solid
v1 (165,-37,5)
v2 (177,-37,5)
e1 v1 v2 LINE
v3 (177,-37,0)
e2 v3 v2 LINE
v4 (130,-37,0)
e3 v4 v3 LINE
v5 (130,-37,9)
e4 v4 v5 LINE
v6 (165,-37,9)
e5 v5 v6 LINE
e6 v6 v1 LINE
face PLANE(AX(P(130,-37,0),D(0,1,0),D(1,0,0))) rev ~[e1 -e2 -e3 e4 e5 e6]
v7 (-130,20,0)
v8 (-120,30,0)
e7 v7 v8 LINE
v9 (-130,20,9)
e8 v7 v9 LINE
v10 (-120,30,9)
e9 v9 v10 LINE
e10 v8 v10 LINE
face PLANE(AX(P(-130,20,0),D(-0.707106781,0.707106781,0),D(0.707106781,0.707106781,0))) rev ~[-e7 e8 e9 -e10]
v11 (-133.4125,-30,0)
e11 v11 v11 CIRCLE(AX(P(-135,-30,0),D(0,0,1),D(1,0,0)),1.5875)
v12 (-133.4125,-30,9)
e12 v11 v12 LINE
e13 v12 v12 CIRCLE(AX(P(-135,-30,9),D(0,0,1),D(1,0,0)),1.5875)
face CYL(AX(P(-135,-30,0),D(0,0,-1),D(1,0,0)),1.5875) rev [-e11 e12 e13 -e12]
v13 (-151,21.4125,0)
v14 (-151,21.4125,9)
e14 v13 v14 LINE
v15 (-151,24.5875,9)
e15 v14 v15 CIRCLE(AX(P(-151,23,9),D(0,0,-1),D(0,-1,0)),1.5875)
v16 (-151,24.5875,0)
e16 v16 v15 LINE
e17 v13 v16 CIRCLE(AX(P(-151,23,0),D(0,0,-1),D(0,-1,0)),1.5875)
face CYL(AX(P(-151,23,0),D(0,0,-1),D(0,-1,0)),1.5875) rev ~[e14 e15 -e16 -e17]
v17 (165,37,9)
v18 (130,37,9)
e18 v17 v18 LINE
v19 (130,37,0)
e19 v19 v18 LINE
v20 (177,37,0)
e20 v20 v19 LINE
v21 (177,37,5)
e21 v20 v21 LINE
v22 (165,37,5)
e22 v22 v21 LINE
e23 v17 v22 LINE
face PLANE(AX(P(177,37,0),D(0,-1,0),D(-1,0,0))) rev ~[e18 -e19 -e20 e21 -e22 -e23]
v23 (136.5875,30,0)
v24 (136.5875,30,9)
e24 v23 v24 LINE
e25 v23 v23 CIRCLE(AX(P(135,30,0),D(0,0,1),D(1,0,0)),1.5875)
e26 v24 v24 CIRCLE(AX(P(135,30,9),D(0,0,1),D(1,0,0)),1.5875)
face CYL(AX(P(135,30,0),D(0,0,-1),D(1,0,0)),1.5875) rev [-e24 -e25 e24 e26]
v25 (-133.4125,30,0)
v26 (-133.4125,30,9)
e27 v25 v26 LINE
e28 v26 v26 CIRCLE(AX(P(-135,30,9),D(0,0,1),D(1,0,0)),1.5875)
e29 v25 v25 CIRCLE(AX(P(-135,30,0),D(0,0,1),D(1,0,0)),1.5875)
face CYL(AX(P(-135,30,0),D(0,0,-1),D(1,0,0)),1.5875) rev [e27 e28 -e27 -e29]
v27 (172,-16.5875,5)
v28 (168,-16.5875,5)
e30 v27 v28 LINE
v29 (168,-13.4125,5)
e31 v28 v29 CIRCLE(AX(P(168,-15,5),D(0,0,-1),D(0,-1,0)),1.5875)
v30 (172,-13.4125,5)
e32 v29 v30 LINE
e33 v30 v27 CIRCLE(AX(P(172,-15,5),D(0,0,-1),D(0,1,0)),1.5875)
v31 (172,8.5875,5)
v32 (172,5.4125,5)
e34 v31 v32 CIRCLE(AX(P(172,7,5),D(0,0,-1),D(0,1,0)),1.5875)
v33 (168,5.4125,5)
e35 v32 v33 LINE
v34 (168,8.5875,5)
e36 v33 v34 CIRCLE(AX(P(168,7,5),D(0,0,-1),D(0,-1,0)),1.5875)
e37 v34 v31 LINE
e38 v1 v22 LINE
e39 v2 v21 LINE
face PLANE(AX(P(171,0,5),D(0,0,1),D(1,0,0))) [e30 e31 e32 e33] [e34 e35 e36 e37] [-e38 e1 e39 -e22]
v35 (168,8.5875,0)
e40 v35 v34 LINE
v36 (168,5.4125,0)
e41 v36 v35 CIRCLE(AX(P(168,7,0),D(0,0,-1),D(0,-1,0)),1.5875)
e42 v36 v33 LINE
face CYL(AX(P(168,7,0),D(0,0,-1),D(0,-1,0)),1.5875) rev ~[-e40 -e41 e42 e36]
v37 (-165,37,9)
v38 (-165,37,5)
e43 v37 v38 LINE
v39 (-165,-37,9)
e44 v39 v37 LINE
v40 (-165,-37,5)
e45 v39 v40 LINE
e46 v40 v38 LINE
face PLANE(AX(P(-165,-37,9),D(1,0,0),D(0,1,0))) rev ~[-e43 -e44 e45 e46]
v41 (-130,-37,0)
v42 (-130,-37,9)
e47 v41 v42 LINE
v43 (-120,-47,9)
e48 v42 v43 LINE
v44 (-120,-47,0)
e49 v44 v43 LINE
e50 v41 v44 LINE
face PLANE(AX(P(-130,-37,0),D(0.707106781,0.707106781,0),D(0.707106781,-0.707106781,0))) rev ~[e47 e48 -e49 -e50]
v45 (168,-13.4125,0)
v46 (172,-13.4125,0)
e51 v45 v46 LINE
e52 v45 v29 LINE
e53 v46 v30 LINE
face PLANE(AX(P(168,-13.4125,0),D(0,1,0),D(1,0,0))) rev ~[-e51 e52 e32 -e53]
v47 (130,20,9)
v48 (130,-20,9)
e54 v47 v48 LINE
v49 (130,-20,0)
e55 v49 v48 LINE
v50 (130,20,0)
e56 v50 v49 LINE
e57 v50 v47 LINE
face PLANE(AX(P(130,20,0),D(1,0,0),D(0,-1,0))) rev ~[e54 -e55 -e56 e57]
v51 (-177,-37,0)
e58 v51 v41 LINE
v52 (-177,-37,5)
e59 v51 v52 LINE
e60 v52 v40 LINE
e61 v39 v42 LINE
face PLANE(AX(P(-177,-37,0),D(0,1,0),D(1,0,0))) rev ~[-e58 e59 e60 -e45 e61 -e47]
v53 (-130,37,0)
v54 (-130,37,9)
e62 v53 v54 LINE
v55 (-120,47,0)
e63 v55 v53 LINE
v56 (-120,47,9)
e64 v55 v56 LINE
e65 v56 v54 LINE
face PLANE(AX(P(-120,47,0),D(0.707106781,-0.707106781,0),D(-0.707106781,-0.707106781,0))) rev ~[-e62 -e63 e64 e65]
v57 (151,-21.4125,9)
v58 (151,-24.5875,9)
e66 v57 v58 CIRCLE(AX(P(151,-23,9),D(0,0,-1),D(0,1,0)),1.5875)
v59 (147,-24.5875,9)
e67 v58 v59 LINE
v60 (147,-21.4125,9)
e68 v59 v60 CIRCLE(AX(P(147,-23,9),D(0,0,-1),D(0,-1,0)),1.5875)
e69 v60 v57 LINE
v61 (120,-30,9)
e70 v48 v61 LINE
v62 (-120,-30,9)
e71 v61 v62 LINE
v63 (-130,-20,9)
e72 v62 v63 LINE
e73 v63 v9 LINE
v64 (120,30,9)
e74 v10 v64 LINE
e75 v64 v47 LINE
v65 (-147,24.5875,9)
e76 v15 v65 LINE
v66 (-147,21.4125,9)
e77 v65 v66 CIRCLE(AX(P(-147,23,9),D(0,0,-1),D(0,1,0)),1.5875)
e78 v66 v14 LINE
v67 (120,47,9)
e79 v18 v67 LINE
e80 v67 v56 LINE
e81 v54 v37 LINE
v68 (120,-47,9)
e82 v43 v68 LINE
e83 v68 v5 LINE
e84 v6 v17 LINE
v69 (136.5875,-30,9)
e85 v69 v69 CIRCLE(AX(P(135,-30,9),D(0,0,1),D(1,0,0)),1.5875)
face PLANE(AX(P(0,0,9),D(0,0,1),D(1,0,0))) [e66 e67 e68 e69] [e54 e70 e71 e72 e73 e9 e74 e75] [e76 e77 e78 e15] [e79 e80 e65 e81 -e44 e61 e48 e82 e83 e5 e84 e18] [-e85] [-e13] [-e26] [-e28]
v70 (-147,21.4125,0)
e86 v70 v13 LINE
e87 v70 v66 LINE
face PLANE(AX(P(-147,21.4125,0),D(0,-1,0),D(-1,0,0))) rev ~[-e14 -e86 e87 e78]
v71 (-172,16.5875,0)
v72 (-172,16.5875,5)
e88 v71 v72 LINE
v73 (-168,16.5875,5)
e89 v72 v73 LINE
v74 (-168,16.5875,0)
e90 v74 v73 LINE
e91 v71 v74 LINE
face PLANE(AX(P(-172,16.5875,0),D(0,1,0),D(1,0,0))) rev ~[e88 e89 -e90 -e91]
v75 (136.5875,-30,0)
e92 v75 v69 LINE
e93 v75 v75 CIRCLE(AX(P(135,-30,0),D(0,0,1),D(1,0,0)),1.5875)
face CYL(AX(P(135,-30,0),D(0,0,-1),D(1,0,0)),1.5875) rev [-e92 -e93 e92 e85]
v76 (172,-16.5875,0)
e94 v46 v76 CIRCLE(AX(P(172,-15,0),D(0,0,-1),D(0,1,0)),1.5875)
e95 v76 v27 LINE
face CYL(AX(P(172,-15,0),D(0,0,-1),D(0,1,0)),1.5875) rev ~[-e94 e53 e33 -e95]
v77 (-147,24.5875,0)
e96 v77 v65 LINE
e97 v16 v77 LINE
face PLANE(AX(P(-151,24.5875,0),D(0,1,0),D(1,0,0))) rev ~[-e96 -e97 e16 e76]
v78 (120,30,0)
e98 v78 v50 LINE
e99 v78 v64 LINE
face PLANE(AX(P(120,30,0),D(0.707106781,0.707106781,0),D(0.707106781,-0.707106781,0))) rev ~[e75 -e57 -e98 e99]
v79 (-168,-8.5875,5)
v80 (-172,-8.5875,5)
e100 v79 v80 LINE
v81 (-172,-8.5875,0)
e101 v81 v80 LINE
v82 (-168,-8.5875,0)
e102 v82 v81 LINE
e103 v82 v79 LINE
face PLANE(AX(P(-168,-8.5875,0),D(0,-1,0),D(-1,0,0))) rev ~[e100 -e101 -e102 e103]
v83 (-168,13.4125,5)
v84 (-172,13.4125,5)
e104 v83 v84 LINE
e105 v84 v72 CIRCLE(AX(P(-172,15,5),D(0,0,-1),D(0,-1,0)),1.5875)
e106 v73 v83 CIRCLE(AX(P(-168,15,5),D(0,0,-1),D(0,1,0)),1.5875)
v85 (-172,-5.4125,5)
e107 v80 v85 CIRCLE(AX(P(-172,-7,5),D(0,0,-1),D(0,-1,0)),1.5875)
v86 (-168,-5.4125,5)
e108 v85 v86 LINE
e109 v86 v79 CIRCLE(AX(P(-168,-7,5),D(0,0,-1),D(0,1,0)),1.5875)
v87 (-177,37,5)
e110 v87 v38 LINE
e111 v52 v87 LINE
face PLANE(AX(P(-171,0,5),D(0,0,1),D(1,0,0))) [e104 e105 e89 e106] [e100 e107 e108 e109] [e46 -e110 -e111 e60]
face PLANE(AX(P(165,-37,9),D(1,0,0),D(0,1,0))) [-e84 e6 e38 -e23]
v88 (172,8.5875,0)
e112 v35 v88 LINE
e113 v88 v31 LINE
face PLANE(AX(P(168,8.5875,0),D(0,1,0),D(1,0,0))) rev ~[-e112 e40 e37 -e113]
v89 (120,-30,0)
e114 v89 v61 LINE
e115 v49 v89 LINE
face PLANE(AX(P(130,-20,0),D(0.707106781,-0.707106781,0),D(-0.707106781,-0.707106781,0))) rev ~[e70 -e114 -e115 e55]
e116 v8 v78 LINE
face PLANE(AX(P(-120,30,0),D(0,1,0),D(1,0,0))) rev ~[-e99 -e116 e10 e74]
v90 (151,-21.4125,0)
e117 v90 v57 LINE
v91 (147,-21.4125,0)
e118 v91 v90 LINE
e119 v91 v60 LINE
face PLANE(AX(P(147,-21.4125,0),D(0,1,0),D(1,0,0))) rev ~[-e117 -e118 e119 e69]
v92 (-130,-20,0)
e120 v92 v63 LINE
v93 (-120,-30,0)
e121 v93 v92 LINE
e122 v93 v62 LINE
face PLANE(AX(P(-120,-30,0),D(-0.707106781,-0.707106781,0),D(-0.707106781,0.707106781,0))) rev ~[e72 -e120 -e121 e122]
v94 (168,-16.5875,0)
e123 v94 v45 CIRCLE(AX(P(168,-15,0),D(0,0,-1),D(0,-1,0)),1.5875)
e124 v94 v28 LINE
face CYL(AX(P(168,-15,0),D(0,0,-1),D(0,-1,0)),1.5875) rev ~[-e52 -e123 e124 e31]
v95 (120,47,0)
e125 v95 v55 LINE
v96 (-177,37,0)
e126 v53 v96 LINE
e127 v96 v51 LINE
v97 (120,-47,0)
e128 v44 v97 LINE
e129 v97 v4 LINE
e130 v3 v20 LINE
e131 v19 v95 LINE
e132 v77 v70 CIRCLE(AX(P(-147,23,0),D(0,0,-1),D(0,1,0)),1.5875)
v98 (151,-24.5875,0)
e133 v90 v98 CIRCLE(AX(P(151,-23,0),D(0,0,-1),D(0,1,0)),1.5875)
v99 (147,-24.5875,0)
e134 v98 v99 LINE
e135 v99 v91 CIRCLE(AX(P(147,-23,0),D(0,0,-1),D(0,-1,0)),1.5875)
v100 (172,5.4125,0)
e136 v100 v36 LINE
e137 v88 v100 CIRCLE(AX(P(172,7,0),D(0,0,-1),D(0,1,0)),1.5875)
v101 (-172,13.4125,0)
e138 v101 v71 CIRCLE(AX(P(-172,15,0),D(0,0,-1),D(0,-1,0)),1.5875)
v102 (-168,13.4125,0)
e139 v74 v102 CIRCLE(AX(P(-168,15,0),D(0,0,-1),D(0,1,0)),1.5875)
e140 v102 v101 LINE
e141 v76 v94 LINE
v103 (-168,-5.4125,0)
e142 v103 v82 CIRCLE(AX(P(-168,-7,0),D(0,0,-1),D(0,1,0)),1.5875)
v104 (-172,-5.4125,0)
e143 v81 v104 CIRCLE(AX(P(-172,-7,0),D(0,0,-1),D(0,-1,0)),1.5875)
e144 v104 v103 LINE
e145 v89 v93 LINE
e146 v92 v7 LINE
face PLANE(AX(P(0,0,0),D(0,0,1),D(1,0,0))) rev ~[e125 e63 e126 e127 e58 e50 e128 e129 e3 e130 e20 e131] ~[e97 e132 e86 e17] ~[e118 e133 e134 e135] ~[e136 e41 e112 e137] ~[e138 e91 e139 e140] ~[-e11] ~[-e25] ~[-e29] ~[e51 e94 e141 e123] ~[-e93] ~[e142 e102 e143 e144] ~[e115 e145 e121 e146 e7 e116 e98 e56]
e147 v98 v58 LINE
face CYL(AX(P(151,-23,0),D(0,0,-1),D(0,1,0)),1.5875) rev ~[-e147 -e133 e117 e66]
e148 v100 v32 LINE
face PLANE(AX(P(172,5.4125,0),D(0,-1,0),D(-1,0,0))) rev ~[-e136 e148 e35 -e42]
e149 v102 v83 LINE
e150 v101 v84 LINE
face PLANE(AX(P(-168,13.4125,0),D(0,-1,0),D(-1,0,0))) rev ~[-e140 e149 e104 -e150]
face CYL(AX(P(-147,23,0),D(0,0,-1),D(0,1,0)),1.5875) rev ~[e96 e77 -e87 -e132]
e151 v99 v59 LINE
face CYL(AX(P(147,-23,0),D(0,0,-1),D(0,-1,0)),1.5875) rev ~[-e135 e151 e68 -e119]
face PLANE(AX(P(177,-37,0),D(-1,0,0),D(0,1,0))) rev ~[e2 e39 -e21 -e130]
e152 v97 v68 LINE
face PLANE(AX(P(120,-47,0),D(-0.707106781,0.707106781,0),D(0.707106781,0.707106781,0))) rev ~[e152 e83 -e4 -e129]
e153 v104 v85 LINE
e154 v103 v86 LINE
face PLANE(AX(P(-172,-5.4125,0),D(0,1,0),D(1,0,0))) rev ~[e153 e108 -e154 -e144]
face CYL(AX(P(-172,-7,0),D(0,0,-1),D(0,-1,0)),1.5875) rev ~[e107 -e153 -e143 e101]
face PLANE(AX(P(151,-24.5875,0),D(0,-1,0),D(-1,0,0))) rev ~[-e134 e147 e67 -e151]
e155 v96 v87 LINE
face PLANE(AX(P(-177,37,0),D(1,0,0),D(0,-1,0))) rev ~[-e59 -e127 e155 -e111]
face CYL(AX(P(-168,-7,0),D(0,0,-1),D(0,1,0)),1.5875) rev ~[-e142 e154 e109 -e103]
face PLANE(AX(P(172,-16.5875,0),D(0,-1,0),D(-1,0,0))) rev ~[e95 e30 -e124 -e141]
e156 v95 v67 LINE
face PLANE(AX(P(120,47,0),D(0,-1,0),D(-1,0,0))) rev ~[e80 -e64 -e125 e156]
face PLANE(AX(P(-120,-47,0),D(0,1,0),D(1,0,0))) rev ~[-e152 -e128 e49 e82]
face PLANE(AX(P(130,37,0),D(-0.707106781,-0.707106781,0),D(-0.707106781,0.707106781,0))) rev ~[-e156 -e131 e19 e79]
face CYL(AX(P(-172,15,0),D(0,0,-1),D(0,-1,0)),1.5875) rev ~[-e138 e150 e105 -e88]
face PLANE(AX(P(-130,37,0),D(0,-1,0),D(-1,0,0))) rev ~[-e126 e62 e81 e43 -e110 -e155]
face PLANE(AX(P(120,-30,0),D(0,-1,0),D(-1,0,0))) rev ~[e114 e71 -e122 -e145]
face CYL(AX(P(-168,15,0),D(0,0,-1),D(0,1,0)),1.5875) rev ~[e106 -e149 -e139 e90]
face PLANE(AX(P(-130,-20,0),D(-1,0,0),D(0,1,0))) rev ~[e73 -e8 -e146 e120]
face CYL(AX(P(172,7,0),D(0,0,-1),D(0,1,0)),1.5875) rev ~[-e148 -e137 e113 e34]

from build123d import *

# Parameters (mm, degrees)
F0_R     = 1.5875
F1_DEPTH = 9
F3_W     = 12
F3_H     = 74
F4_DEPTH = 4


with BuildPart() as f1:
    # F0 (on Top) → F1 (new body)
    with BuildSketch(Plane.XY):
        Polygon((177, -37), (177, 37), (130, 37), (120, 47), (-120, 47), (-130, 37), (-177, 37), (-177, -37), (-130, -37), (-120, -47), (120, -47), (130, -37), align=None)
        with Locations((-135, -30)):
            Circle(F0_R, mode=Mode.SUBTRACT)
        with BuildLine():
            Line((-168, -8.5875), (-172, -8.5875))
            ThreePointArc((-172, -8.5875), (-173.5875, -7), (-172, -5.4125))
            Line((-172, -5.4125), (-168, -5.4125))
            ThreePointArc((-168, -5.4125), (-166.4125, -7), (-168, -8.5875))
        make_face(mode=Mode.SUBTRACT)
        with Locations((135, -30)):
            Circle(F0_R, mode=Mode.SUBTRACT)
        with BuildLine():
            Line((147, -21.4125), (151, -21.4125))
            ThreePointArc((151, -21.4125), (152.5875, -23), (151, -24.5875))
            Line((151, -24.5875), (147, -24.5875))
            ThreePointArc((147, -24.5875), (145.4125, -23), (147, -21.4125))
        make_face(mode=Mode.SUBTRACT)
        with BuildLine():
            Line((168, -13.4125), (172, -13.4125))
            ThreePointArc((172, -13.4125), (173.5875, -15), (172, -16.5875))
            Line((172, -16.5875), (168, -16.5875))
            ThreePointArc((168, -16.5875), (166.4125, -15), (168, -13.4125))
        make_face(mode=Mode.SUBTRACT)
        with BuildLine():
            Line((-168, 13.4125), (-172, 13.4125))
            ThreePointArc((-172, 13.4125), (-173.5875, 15), (-172, 16.5875))
            Line((-172, 16.5875), (-168, 16.5875))
            ThreePointArc((-168, 16.5875), (-166.4125, 15), (-168, 13.4125))
        make_face(mode=Mode.SUBTRACT)
        with BuildLine():
            Line((-147, 21.4125), (-151, 21.4125))
            ThreePointArc((-151, 21.4125), (-152.5875, 23), (-151, 24.5875))
            Line((-151, 24.5875), (-147, 24.5875))
            ThreePointArc((-147, 24.5875), (-145.4125, 23), (-147, 21.4125))
        make_face(mode=Mode.SUBTRACT)
        with Locations((-135, 30)):
            Circle(F0_R, mode=Mode.SUBTRACT)
        Polygon((120, 30), (130, 20), (130, -20), (120, -30), (-120, -30), (-130, -20), (-130, 20), (-120, 30), align=None, mode=Mode.SUBTRACT)
        with BuildLine():
            Line((168, 8.5875), (172, 8.5875))
            ThreePointArc((172, 8.5875), (173.5875, 7), (172, 5.4125))
            Line((172, 5.4125), (168, 5.4125))
            ThreePointArc((168, 5.4125), (166.4125, 7), (168, 8.5875))
        make_face(mode=Mode.SUBTRACT)
        with Locations((135, 30)):
            Circle(F0_R, mode=Mode.SUBTRACT)
    extrude(amount=F1_DEPTH)

    # F3 (on face) → F4 (cut)
    with BuildSketch(Plane.XY.offset(9)):
        with Locations((-171, 0)):
            Rectangle(F3_W, F3_H)
        with BuildLine():
            ThreePointArc((-168, -5.4125), (-166.4125, -7), (-168, -8.5875))
            Line((-168, -8.5875), (-172, -8.5875))
            ThreePointArc((-172, -8.5875), (-173.5875, -7), (-172, -5.4125))
            Line((-172, -5.4125), (-168, -5.4125))
        make_face(mode=Mode.SUBTRACT)
        with BuildLine():
            ThreePointArc((-168, 16.5875), (-166.4125, 15), (-168, 13.4125))
            Line((-168, 13.4125), (-172, 13.4125))
            ThreePointArc((-172, 13.4125), (-173.5875, 15), (-172, 16.5875))
            Line((-172, 16.5875), (-168, 16.5875))
        make_face(mode=Mode.SUBTRACT)
        with Locations((171, 0)):
            Rectangle(F3_W, F3_H)
        with BuildLine():
            ThreePointArc((168, -16.5875), (166.4125, -15), (168, -13.4125))
            Line((168, -13.4125), (172, -13.4125))
            ThreePointArc((172, -13.4125), (173.5875, -15), (172, -16.5875))
            Line((172, -16.5875), (168, -16.5875))
        make_face(mode=Mode.SUBTRACT)
        with BuildLine():
            ThreePointArc((168, 5.4125), (166.4125, 7), (168, 8.5875))
            Line((168, 8.5875), (172, 8.5875))
            ThreePointArc((172, 8.5875), (173.5875, 7), (172, 5.4125))
            Line((172, 5.4125), (168, 5.4125))
        make_face(mode=Mode.SUBTRACT)
    extrude(amount=-F4_DEPTH, mode=Mode.SUBTRACT)


solid = f1.part
